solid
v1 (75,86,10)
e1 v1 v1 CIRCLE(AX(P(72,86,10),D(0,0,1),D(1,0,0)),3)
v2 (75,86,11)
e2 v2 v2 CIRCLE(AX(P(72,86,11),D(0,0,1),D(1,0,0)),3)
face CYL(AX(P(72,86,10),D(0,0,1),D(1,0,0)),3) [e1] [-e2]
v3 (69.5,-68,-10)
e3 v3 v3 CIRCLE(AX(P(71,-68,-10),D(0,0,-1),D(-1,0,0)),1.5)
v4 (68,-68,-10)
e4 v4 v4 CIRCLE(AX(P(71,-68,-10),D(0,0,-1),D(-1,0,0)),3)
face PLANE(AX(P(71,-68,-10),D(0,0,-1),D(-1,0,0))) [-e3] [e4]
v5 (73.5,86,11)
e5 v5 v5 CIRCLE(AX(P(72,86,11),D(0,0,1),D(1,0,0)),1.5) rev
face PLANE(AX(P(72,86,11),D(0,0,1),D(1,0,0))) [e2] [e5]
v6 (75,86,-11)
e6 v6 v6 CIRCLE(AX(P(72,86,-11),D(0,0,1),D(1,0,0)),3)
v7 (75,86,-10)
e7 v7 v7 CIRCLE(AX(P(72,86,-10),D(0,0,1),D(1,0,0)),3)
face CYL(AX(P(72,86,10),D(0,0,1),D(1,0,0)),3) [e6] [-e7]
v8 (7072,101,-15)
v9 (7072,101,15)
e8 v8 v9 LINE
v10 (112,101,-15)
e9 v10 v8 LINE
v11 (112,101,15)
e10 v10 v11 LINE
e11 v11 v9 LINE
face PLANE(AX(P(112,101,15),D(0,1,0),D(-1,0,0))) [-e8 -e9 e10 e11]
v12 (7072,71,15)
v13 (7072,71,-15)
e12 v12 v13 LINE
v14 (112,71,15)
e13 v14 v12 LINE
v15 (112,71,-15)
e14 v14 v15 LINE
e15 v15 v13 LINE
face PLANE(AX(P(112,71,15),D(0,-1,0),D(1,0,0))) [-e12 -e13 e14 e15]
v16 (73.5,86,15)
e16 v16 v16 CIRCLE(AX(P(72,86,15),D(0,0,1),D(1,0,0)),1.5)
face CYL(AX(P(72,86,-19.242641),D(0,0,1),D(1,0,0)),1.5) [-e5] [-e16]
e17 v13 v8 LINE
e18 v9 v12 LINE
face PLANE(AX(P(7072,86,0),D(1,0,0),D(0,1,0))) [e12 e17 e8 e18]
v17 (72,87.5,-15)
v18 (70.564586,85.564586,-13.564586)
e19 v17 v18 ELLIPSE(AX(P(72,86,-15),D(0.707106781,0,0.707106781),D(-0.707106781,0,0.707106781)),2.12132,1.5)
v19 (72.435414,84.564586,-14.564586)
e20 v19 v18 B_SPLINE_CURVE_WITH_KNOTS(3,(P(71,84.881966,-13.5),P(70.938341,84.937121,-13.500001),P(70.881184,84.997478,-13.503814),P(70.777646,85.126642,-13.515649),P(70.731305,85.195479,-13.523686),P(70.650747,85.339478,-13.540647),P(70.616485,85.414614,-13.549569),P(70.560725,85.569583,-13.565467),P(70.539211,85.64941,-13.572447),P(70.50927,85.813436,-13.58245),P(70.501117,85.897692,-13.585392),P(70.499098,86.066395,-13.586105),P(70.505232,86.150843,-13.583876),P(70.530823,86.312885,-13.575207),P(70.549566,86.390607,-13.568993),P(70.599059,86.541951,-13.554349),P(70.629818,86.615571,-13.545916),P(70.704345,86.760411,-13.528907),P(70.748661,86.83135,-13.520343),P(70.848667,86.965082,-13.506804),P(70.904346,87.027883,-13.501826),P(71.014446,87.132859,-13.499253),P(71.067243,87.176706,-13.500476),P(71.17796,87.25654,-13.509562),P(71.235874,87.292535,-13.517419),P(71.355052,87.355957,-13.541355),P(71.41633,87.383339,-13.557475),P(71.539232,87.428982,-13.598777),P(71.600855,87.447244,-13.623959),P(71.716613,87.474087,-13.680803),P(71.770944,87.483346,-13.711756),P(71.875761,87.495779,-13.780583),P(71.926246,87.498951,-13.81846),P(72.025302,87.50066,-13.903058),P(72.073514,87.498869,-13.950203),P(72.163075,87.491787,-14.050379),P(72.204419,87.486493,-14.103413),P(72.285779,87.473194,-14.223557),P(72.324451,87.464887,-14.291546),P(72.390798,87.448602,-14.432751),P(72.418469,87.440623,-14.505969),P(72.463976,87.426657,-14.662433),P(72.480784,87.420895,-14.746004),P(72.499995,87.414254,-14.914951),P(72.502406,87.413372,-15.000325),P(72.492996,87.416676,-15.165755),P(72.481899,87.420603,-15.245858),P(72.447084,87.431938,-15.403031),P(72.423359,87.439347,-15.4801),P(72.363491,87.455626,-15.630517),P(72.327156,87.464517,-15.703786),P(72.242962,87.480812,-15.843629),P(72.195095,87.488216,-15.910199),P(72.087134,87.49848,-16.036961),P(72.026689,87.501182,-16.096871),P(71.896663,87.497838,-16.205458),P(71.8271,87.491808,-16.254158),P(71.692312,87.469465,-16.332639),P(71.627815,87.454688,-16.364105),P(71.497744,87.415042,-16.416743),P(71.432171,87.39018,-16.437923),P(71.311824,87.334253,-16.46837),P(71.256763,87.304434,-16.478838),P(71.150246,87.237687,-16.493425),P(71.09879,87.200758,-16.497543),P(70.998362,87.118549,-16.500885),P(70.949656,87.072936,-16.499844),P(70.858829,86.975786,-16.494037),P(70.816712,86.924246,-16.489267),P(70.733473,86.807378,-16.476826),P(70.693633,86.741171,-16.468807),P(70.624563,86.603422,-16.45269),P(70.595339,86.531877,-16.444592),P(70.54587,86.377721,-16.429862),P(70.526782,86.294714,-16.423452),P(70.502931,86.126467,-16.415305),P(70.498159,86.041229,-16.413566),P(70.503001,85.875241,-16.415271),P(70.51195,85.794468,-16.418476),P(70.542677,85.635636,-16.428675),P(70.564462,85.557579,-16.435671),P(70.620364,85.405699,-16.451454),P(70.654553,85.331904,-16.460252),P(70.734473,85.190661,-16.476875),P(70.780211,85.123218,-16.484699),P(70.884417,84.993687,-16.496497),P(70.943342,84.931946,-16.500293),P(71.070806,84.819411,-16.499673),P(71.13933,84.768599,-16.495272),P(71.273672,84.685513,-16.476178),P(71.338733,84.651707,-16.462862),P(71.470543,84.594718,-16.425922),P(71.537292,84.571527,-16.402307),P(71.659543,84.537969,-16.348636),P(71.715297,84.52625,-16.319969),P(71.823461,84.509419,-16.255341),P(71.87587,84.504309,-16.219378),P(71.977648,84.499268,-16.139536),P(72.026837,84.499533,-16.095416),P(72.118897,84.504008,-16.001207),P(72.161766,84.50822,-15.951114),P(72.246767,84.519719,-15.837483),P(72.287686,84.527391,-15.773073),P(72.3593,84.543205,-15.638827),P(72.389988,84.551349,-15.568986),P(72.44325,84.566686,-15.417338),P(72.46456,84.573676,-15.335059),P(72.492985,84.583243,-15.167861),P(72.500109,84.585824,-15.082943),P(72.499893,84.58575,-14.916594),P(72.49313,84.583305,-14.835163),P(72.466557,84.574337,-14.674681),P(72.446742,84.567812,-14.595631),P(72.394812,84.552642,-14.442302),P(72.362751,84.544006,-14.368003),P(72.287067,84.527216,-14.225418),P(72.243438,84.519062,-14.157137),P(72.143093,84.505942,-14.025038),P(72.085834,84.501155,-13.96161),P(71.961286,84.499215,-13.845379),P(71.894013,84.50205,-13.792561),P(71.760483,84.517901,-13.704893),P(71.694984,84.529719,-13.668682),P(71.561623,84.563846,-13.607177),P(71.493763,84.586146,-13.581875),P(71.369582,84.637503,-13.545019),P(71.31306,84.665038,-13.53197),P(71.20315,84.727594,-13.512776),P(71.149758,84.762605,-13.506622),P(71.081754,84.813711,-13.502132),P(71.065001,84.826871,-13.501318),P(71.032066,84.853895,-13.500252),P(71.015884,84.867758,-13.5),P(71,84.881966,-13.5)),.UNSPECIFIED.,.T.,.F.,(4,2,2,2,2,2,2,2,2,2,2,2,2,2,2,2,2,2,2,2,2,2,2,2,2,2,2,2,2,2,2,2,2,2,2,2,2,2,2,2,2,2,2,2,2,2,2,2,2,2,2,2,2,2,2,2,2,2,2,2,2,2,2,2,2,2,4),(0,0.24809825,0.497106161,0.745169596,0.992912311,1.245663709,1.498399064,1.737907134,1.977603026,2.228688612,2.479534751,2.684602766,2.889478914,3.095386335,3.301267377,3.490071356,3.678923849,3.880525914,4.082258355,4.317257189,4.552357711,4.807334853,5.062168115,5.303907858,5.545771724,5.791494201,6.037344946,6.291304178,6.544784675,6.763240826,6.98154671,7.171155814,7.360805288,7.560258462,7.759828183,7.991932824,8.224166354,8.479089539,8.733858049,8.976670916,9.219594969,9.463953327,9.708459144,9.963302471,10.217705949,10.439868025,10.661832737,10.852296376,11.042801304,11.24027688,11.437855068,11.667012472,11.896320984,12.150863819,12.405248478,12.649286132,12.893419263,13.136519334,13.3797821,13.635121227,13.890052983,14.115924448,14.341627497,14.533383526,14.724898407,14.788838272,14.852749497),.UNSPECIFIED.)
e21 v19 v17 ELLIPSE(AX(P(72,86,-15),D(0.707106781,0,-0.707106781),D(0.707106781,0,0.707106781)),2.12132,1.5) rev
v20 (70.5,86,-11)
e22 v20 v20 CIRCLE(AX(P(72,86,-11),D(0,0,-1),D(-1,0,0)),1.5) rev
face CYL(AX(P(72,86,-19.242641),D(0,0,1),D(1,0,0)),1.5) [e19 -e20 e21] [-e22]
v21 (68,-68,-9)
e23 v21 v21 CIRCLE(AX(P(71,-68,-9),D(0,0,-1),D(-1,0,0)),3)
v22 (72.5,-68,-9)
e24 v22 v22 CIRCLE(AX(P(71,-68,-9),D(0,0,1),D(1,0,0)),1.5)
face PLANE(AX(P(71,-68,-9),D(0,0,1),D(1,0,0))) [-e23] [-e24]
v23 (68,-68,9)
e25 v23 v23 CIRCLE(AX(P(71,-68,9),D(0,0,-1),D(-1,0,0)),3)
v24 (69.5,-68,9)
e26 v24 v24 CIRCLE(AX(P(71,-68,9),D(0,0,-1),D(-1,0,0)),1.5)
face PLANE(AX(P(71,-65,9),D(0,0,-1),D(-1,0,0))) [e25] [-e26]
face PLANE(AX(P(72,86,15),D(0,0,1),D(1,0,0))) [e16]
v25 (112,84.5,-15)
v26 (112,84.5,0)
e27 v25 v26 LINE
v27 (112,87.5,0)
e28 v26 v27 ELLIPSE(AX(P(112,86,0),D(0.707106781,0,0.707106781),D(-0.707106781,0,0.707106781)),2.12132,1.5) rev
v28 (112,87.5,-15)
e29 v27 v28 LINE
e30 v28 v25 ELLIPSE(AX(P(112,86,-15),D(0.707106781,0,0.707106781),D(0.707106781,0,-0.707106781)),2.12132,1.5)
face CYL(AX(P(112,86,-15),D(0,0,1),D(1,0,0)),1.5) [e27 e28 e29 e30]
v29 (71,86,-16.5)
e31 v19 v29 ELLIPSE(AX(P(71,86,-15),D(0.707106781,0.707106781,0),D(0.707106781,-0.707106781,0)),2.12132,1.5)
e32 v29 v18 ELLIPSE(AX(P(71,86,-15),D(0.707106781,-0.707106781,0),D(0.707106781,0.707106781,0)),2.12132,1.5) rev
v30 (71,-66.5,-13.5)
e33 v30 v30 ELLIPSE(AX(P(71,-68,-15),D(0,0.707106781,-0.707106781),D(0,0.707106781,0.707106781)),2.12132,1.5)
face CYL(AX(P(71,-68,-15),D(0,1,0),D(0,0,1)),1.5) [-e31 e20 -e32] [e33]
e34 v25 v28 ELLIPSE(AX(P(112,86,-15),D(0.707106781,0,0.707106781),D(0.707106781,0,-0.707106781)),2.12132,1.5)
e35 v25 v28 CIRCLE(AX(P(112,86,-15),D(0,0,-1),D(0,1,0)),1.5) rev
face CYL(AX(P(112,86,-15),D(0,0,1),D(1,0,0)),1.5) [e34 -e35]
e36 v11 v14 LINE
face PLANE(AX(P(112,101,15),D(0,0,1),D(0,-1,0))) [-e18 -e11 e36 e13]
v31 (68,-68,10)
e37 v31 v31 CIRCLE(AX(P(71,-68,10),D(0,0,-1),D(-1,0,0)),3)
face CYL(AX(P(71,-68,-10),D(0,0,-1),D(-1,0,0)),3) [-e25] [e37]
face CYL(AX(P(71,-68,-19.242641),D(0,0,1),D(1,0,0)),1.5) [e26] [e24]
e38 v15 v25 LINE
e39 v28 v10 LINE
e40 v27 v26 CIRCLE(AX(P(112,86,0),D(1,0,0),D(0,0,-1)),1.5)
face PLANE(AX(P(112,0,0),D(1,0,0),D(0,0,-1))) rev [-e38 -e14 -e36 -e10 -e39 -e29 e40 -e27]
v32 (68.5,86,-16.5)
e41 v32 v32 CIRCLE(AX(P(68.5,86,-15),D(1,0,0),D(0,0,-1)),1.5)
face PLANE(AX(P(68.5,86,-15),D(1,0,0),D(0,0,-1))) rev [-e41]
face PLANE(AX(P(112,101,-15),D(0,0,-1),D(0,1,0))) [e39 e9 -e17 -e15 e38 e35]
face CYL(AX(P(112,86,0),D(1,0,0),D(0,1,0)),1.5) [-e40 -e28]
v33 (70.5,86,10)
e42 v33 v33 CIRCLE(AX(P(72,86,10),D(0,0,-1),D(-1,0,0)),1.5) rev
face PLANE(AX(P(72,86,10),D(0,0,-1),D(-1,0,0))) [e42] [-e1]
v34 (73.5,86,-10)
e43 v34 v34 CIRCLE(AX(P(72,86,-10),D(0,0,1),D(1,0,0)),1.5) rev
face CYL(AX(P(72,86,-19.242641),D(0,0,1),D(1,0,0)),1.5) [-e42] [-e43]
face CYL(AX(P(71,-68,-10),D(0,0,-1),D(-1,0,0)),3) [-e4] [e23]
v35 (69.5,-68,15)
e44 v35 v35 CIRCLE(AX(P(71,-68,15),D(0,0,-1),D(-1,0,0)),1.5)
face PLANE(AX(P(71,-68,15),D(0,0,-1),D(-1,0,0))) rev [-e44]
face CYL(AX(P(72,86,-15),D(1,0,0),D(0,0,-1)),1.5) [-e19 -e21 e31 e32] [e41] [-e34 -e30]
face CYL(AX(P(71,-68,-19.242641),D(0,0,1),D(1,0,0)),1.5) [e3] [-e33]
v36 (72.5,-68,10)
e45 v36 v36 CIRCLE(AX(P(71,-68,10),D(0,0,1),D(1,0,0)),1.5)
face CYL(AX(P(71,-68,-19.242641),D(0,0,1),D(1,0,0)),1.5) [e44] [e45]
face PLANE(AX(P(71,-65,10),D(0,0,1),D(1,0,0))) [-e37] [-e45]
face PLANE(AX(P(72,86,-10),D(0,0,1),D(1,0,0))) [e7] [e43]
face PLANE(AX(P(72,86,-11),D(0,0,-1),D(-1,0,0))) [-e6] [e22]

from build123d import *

# Parameters (mm, degrees)
ESQUISSE8_R        = 1.5
ESQUISSE9_W        = 3
ESQUISSE9_H        = 1
ESQUISSE11_R       = 1.5
ESQUISSE12_W       = 1
ESQUISSE12_H       = 3
ESQUISSE14_R       = 1.5
BOSS_EXTRU_4_DEPTH = 2.5
ESQUISSE15_W       = 30
ESQUISSE15_H       = 30
BOSS_EXTRU_5_DEPTH = 6960


with BuildPart() as part:
    # Balayage1: sweep along a path in Esquisse7
    with BuildLine(Plane(origin=(71, 86, 0), x_dir=(-1, 0, 0), z_dir=(0, -1, 0))) as balayage1_path:
        Line((-7001, 0), (-41, 0))
        Line((-41, 0), (-41, 15))
        Line((-41, 15), (-1, 15))
        Line((-1, 15), (-1, -15))
    # Esquisse8 → Balayage1 (sweep)
    with BuildSketch(Plane(origin=(72, 86, 15), x_dir=(1, 0, 0), z_dir=(0, 0, 1))):
        Circle(ESQUISSE8_R)
    sweep(path=balayage1_path.line, transition=Transition.RIGHT)

    # Esquisse9 → Révolution1 (revolve)
    with BuildSketch(Plane(origin=(71, 86, 0), x_dir=(-1, 0, 0), z_dir=(0, -1, 0)), mode=Mode.PRIVATE) as r_volution1_sk:
        with Locations((0.5, -10.5)):
            Rectangle(ESQUISSE9_W, ESQUISSE9_H)
        with Locations((0.5, 10.5)):
            Rectangle(ESQUISSE9_W, ESQUISSE9_H)
    revolve(r_volution1_sk.sketch.rotate(Axis((72, 86, 10), (0, 0, -1)), 180), axis=Axis((72, 86, 10), (0, 0, -1)))

    # Balayage2: sweep along a path in Esquisse10
    with BuildLine(Plane(origin=(71, 0, 0), x_dir=(0, 0, -1), z_dir=(1, 0, 0))) as balayage2_path:
        Line((-15, -68), (15, -68))
        Line((15, -68), (15, 86))
    # Esquisse11 → Balayage2 (sweep)
    with BuildSketch(Plane(origin=(71, -68, 15), x_dir=(-1, 0, 0), z_dir=(0, 0, -1))):
        Circle(ESQUISSE11_R)
    sweep(path=balayage2_path.line, transition=Transition.RIGHT)

    # Esquisse12 → Révolution2 (revolve)
    with BuildSketch(Plane(origin=(71, 0, 0), x_dir=(0, 0, -1), z_dir=(1, 0, 0))):
        with Locations((9.5, -66.5)):
            Rectangle(ESQUISSE12_W, ESQUISSE12_H)
        with Locations((-9.5, -66.5)):
            Rectangle(ESQUISSE12_W, ESQUISSE12_H)
    revolve(axis=Axis((71, -68, -10), (0, 0, 1)))

    # Esquisse14 → Boss.-Extru.4 (add, symmetric)
    with BuildSketch(Plane(origin=(71, 0, 0), x_dir=(0, 0, -1), z_dir=(1, 0, 0))):
        with Locations((15, 86)):
            Circle(ESQUISSE14_R)
    extrude(amount=BOSS_EXTRU_4_DEPTH, both=True)

    # Esquisse15 → Boss.-Extru.5 (add)
    with BuildSketch(Plane(origin=(7072, 0, 0), x_dir=(0, 0, -1), z_dir=(1, 0, 0))):
        with Locations((0, 86)):
            Rectangle(ESQUISSE15_W, ESQUISSE15_H)
    extrude(amount=-BOSS_EXTRU_5_DEPTH)


solid = part.part
